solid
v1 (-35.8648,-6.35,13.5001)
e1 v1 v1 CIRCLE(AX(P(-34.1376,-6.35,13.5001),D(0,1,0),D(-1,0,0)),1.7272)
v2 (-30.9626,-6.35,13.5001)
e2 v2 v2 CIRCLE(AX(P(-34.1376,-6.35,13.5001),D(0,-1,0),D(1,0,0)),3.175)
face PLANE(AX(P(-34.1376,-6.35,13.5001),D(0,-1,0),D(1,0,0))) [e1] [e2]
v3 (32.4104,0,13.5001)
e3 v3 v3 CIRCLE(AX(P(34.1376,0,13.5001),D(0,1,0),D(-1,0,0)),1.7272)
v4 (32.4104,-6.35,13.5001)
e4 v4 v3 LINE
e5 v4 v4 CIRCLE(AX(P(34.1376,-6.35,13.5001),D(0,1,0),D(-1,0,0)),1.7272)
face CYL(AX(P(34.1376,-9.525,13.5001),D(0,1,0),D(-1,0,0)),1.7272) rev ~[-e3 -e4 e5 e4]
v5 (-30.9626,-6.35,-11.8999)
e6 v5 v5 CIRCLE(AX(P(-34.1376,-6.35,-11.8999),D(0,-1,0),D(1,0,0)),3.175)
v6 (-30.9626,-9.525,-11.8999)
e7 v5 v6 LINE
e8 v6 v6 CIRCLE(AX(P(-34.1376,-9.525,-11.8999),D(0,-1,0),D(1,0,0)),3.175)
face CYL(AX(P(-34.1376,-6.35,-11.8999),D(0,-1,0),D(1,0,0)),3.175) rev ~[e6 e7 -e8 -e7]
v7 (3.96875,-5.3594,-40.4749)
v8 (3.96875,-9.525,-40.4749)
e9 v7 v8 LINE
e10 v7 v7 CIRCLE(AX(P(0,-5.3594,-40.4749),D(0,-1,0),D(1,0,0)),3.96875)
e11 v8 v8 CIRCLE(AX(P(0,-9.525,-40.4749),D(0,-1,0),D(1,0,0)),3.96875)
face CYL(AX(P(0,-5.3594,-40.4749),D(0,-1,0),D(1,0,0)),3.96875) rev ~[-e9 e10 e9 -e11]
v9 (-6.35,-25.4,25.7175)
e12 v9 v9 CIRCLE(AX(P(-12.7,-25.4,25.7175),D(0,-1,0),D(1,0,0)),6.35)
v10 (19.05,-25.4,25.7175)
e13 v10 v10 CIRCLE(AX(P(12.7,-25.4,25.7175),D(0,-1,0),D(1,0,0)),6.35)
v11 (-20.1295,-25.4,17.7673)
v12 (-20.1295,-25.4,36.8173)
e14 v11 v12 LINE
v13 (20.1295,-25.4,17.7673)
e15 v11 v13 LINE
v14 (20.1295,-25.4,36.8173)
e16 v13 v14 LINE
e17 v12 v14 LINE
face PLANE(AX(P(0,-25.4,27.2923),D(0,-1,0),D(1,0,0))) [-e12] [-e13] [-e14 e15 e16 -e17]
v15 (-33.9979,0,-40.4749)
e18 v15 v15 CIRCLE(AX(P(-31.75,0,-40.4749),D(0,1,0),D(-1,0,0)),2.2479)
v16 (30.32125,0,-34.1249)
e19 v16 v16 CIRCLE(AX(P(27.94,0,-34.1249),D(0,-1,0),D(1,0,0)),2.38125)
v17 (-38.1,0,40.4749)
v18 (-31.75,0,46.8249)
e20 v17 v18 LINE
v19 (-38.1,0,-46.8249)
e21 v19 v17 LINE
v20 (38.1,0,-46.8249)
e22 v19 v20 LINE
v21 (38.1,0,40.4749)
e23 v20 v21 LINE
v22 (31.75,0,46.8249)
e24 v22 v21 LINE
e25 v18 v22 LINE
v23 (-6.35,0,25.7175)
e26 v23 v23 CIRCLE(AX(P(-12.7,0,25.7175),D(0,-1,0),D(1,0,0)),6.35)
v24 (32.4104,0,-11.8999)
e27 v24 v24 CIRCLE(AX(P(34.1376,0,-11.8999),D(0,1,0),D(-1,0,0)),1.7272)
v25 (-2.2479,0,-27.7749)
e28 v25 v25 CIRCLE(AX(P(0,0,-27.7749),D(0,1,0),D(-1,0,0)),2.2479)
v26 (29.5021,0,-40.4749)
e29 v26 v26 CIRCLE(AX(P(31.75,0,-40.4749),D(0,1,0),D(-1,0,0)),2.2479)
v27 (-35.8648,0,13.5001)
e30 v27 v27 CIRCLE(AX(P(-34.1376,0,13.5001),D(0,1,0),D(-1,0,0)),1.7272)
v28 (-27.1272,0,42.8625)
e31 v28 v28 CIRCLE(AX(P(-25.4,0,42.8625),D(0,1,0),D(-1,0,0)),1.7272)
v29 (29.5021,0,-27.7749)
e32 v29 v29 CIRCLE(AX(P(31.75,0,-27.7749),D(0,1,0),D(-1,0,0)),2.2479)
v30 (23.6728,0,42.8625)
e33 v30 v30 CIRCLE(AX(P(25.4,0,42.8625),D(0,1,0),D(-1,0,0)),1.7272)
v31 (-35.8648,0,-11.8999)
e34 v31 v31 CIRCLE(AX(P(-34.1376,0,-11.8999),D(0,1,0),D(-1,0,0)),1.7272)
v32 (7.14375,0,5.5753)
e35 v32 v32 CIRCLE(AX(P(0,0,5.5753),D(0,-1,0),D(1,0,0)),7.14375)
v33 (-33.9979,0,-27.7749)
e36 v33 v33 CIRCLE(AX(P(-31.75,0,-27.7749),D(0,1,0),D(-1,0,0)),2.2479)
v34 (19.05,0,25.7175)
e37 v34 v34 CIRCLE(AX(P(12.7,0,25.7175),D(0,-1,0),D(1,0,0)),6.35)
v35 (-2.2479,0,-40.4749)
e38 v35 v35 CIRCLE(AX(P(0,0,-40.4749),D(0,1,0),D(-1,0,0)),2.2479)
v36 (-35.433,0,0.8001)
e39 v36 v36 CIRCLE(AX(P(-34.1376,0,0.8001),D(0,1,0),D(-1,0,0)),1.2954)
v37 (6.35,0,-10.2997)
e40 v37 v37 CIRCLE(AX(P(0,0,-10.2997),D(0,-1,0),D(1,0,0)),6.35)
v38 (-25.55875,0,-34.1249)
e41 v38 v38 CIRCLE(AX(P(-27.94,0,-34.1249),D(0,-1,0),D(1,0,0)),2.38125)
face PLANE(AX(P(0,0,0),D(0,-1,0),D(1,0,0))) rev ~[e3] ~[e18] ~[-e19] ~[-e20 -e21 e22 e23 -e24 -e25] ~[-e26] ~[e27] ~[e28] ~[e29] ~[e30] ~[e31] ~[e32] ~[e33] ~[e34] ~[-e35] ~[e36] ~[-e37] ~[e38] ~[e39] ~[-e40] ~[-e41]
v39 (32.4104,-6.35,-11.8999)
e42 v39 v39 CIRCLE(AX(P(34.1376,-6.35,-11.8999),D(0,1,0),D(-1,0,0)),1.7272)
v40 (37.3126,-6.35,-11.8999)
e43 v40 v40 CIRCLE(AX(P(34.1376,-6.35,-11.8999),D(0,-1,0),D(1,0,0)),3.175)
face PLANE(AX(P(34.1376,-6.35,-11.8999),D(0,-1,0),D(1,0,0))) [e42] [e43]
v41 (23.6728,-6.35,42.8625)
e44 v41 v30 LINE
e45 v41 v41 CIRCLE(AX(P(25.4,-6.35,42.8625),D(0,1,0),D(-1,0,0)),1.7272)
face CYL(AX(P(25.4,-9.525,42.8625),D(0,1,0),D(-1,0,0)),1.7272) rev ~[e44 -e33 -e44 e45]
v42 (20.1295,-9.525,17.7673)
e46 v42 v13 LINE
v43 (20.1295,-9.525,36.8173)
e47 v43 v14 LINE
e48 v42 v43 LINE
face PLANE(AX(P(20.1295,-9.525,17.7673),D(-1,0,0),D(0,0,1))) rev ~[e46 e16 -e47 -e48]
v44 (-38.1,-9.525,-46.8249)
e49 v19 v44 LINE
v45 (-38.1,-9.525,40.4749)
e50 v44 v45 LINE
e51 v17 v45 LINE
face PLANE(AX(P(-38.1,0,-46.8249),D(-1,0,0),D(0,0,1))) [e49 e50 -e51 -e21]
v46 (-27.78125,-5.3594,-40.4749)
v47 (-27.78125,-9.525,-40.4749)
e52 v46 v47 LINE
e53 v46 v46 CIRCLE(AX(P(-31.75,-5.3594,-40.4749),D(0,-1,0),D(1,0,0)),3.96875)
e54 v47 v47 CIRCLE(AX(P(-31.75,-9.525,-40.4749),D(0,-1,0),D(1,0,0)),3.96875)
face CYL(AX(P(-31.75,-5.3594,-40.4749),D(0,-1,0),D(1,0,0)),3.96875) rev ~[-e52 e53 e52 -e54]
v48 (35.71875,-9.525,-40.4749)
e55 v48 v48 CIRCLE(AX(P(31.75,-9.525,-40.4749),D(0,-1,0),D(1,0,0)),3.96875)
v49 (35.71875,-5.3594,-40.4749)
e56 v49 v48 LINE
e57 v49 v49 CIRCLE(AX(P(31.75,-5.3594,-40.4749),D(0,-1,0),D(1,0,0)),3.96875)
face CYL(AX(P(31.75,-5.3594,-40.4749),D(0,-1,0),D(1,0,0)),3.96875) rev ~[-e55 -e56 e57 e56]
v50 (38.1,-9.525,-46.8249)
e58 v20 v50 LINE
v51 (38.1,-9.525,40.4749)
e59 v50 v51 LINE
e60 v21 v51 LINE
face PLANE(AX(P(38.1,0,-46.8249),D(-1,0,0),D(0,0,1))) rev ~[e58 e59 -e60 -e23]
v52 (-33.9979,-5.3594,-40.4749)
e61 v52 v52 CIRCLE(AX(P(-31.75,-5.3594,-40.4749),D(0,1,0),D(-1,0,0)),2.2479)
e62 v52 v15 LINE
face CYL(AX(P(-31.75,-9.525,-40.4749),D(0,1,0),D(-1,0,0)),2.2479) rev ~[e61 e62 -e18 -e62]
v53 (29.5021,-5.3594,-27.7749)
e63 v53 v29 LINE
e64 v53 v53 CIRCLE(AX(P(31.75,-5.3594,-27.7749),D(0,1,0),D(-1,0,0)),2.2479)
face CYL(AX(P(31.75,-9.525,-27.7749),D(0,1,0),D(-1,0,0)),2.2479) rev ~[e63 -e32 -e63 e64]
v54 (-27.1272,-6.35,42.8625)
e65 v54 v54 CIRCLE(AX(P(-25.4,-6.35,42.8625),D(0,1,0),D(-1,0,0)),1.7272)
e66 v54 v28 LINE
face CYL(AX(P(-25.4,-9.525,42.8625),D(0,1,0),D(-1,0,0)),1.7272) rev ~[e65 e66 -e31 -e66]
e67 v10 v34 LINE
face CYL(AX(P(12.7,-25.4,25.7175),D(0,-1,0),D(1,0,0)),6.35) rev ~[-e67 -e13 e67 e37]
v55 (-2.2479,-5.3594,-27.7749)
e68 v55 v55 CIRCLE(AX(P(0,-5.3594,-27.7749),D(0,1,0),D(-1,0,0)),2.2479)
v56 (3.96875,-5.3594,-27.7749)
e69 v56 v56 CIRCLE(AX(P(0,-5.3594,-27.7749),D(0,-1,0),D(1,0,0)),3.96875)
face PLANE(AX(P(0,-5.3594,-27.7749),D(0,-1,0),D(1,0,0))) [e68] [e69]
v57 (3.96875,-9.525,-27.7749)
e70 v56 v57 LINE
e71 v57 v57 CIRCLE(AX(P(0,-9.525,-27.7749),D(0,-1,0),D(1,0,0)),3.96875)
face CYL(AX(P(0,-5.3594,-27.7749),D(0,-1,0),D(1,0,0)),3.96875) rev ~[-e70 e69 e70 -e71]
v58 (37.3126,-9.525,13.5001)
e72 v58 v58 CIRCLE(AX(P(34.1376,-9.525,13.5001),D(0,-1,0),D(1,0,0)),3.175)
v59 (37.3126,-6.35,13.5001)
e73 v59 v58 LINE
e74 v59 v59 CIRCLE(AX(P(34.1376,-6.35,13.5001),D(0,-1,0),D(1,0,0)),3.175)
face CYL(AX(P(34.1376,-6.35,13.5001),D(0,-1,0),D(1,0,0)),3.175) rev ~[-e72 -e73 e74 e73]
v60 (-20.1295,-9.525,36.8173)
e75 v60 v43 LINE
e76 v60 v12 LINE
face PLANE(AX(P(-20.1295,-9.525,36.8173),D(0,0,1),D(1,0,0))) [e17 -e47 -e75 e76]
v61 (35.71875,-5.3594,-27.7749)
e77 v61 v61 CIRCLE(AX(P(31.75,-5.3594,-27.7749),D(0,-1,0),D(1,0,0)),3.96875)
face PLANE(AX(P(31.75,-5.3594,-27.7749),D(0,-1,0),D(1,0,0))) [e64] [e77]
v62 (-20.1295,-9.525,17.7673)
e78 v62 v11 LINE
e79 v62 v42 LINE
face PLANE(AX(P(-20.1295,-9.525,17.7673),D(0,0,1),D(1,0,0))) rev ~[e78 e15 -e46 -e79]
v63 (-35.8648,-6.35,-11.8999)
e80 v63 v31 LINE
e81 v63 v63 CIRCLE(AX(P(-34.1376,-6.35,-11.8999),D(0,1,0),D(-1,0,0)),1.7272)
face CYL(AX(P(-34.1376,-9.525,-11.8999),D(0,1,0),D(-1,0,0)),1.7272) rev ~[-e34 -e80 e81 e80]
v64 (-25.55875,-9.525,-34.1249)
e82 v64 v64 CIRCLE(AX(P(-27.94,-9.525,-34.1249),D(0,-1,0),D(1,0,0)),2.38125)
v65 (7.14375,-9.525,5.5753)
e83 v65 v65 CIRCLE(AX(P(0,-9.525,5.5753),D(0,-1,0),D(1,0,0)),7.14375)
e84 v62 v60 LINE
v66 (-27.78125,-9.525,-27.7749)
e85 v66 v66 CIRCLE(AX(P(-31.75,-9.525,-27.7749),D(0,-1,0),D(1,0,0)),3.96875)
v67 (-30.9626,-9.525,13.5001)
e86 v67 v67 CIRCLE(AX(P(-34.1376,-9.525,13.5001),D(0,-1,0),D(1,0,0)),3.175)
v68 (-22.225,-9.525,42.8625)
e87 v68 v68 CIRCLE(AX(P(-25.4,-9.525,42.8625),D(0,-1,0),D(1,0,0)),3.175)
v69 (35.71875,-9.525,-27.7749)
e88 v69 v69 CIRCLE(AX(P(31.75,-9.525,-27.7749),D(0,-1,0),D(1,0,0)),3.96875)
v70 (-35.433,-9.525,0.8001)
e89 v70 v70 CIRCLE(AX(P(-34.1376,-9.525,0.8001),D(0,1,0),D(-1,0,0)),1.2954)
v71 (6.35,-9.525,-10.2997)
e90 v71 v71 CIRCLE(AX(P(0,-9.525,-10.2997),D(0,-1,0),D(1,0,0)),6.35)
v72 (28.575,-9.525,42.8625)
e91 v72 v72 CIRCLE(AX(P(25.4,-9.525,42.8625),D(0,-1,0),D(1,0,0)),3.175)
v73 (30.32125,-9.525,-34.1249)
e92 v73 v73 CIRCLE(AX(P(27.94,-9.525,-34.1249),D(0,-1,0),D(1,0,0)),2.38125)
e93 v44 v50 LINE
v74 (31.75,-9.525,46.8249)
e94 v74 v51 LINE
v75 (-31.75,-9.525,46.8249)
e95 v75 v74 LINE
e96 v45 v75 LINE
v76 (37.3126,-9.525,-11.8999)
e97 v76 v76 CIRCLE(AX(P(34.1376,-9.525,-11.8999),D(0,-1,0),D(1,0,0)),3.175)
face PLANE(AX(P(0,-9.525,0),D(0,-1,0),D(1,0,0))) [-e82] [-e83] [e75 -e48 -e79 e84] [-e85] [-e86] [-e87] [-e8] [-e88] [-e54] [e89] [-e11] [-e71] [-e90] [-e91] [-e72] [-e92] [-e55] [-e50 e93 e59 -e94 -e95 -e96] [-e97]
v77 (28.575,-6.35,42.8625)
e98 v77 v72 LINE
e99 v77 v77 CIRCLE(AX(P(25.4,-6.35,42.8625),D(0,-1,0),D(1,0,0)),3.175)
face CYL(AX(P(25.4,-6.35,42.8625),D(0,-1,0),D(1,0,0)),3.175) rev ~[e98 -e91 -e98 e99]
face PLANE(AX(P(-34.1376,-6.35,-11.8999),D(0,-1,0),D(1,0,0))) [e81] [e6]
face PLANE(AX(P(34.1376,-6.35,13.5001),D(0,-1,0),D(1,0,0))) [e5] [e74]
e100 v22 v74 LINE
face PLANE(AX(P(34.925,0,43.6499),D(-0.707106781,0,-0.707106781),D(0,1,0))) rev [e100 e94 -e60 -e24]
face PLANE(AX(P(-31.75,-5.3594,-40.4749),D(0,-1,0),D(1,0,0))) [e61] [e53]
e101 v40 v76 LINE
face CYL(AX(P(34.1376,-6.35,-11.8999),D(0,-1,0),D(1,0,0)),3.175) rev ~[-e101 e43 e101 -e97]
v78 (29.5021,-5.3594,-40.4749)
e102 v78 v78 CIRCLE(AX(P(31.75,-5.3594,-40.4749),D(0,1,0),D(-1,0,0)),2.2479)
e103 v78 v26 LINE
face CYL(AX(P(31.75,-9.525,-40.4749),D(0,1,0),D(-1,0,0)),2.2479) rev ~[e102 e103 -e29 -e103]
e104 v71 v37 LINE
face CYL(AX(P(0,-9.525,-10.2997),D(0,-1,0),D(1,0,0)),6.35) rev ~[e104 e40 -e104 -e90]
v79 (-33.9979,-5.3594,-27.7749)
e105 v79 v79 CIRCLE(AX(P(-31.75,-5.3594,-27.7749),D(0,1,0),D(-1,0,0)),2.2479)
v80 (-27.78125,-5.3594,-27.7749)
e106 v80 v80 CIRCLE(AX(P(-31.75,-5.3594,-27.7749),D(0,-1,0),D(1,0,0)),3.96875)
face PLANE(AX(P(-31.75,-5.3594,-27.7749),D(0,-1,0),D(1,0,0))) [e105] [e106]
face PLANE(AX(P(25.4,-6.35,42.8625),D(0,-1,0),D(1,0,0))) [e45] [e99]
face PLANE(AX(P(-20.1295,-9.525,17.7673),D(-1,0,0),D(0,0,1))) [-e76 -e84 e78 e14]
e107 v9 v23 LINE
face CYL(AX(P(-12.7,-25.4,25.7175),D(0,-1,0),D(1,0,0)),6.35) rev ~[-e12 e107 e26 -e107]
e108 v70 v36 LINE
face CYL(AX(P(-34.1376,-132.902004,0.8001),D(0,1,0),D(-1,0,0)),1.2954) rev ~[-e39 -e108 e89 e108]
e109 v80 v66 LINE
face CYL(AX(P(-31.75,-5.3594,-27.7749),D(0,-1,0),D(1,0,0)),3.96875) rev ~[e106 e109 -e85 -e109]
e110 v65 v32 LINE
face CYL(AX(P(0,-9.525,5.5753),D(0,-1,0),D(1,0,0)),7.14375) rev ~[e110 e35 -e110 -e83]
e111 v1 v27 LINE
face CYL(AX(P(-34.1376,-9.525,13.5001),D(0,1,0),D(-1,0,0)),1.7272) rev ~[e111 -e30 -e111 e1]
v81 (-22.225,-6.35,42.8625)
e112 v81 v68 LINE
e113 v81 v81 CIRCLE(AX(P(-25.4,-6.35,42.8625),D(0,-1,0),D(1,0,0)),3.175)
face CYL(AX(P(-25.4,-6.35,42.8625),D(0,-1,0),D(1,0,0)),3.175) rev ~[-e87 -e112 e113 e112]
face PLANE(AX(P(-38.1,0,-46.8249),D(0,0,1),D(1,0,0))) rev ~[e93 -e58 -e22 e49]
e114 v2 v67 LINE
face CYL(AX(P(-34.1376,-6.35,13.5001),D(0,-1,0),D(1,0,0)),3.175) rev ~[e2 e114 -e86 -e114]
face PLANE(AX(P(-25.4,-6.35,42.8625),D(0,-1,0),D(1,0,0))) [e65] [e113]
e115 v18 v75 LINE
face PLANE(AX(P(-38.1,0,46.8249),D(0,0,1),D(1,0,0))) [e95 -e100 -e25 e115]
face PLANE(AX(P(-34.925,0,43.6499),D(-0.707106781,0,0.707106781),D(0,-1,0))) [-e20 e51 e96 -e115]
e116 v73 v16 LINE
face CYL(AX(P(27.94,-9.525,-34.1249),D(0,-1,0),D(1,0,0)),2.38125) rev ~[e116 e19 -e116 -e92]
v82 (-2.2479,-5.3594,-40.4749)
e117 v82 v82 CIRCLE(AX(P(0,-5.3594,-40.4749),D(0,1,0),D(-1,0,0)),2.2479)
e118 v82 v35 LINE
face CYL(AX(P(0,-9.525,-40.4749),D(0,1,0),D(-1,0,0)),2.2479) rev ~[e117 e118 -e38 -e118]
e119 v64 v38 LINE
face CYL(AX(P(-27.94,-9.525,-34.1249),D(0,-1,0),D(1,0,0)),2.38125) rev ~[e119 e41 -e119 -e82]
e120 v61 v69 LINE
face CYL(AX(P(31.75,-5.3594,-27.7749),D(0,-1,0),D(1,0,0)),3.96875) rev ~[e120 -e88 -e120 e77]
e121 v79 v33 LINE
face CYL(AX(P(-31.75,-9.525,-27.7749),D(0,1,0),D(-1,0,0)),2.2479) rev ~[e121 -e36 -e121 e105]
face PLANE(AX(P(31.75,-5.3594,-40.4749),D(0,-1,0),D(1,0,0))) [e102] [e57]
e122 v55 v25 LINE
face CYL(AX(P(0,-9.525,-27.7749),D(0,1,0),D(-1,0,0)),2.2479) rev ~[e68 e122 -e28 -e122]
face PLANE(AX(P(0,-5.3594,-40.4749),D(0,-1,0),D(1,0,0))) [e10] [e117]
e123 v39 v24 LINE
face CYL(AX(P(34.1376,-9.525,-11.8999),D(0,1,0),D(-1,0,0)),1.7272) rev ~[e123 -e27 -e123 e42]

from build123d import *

# Parameters (mm, degrees)
F0_W            = 76.2
F0_H            = 93.6498
F1_DEPTH        = 9.525
F2_W            = 40.259
F2_H            = 19.05
F3_DEPTH        = 15.875
F4_R            = 7.14375
F5_DEPTH        = 9.526
F6_R            = 6.35
F7_DEPTH        = 9.526
F8_R            = 6.35
F9_DEPTH        = 25.401
F10_R           = 2.38125
F11_DEPTH       = 9.526
F12_SIZE        = 6.35
F14_D           = 4.4958
F14_CBORE_D     = 7.9375
F14_CBORE_DEPTH = 4.1656
F16_D           = 3.4544
F16_CBORE_D     = 6.35
F16_CBORE_DEPTH = 3.175
F18_D           = 2.5908


with BuildPart() as f1:
    # F0 (on Front) → F1 (new body)
    with BuildSketch(Plane.XZ):
        Rectangle(F0_W, F0_H)
    extrude(amount=F1_DEPTH)

    # F2 (on face) → F3 (join)
    with BuildSketch(Plane.XZ.offset(9.525)):
        with Locations((0, 27.2923)):
            Rectangle(F2_W, F2_H)
    extrude(amount=F3_DEPTH)

    # F4 (on face) → F5 (cut, through all)
    with BuildSketch(Plane.XZ.offset(9.525)):
        with Locations((0, 5.5753)):
            Circle(F4_R)
    extrude(amount=-F5_DEPTH, mode=Mode.SUBTRACT)

    # F6 (on face) → F7 (cut, through all)
    with BuildSketch(Plane.XZ.offset(9.525)):
        with Locations((0, -10.2997)):
            Circle(F6_R)
    extrude(amount=-F7_DEPTH, mode=Mode.SUBTRACT)

    # F8 (on face) → F9 (cut, through all)
    with BuildSketch(Plane.XZ.offset(25.4)):
        with Locations((-12.7, 25.7175)):
            Circle(F8_R)
        with Locations((12.7, 25.7175)):
            Circle(F8_R)
    extrude(amount=-F9_DEPTH, mode=Mode.SUBTRACT)

    # F10 (on face) → F11 (cut, through all)
    with BuildSketch(Plane.XZ.offset(9.525)):
        with Locations((-27.94, -34.1249)):
            Circle(F10_R)
        with Locations((27.94, -34.1249)):
            Circle(F10_R)
    extrude(amount=-F11_DEPTH, mode=Mode.SUBTRACT)

    # F12
    f12_edges = [f1.edges().sort_by_distance(p)[0] for p in [
        (38.1, -4.7625, 46.8249),
        (-38.1, -4.7625, 46.8249),
    ]]
    chamfer(f12_edges, length=F12_SIZE)

    # F14 (through all)
    with Locations(Plane.XZ.offset(9.525)):
        with Locations((-31.75, -27.7749), (-31.75, -40.4749), (31.75, -40.4749), (31.75, -27.7749), (0, -27.7749), (0, -40.4749)):
            CounterBoreHole(F14_D / 2, F14_CBORE_D / 2, F14_CBORE_DEPTH)

    # F16 (through all)
    with Locations(Plane.XZ.offset(9.525)):
        with Locations((-25.4, 42.8625), (25.4, 42.8625), (34.1376, 13.5001), (34.1376, -11.8999), (-34.1376, -11.8999), (-34.1376, 13.5001)):
            CounterBoreHole(F16_D / 2, F16_CBORE_D / 2, F16_CBORE_DEPTH)

    # F18 (through all)
    with Locations(Plane.XZ.offset(9.525)):
        with Locations((-34.1376, 0.8001)):
            Hole(F18_D / 2)


solid = f1.part
